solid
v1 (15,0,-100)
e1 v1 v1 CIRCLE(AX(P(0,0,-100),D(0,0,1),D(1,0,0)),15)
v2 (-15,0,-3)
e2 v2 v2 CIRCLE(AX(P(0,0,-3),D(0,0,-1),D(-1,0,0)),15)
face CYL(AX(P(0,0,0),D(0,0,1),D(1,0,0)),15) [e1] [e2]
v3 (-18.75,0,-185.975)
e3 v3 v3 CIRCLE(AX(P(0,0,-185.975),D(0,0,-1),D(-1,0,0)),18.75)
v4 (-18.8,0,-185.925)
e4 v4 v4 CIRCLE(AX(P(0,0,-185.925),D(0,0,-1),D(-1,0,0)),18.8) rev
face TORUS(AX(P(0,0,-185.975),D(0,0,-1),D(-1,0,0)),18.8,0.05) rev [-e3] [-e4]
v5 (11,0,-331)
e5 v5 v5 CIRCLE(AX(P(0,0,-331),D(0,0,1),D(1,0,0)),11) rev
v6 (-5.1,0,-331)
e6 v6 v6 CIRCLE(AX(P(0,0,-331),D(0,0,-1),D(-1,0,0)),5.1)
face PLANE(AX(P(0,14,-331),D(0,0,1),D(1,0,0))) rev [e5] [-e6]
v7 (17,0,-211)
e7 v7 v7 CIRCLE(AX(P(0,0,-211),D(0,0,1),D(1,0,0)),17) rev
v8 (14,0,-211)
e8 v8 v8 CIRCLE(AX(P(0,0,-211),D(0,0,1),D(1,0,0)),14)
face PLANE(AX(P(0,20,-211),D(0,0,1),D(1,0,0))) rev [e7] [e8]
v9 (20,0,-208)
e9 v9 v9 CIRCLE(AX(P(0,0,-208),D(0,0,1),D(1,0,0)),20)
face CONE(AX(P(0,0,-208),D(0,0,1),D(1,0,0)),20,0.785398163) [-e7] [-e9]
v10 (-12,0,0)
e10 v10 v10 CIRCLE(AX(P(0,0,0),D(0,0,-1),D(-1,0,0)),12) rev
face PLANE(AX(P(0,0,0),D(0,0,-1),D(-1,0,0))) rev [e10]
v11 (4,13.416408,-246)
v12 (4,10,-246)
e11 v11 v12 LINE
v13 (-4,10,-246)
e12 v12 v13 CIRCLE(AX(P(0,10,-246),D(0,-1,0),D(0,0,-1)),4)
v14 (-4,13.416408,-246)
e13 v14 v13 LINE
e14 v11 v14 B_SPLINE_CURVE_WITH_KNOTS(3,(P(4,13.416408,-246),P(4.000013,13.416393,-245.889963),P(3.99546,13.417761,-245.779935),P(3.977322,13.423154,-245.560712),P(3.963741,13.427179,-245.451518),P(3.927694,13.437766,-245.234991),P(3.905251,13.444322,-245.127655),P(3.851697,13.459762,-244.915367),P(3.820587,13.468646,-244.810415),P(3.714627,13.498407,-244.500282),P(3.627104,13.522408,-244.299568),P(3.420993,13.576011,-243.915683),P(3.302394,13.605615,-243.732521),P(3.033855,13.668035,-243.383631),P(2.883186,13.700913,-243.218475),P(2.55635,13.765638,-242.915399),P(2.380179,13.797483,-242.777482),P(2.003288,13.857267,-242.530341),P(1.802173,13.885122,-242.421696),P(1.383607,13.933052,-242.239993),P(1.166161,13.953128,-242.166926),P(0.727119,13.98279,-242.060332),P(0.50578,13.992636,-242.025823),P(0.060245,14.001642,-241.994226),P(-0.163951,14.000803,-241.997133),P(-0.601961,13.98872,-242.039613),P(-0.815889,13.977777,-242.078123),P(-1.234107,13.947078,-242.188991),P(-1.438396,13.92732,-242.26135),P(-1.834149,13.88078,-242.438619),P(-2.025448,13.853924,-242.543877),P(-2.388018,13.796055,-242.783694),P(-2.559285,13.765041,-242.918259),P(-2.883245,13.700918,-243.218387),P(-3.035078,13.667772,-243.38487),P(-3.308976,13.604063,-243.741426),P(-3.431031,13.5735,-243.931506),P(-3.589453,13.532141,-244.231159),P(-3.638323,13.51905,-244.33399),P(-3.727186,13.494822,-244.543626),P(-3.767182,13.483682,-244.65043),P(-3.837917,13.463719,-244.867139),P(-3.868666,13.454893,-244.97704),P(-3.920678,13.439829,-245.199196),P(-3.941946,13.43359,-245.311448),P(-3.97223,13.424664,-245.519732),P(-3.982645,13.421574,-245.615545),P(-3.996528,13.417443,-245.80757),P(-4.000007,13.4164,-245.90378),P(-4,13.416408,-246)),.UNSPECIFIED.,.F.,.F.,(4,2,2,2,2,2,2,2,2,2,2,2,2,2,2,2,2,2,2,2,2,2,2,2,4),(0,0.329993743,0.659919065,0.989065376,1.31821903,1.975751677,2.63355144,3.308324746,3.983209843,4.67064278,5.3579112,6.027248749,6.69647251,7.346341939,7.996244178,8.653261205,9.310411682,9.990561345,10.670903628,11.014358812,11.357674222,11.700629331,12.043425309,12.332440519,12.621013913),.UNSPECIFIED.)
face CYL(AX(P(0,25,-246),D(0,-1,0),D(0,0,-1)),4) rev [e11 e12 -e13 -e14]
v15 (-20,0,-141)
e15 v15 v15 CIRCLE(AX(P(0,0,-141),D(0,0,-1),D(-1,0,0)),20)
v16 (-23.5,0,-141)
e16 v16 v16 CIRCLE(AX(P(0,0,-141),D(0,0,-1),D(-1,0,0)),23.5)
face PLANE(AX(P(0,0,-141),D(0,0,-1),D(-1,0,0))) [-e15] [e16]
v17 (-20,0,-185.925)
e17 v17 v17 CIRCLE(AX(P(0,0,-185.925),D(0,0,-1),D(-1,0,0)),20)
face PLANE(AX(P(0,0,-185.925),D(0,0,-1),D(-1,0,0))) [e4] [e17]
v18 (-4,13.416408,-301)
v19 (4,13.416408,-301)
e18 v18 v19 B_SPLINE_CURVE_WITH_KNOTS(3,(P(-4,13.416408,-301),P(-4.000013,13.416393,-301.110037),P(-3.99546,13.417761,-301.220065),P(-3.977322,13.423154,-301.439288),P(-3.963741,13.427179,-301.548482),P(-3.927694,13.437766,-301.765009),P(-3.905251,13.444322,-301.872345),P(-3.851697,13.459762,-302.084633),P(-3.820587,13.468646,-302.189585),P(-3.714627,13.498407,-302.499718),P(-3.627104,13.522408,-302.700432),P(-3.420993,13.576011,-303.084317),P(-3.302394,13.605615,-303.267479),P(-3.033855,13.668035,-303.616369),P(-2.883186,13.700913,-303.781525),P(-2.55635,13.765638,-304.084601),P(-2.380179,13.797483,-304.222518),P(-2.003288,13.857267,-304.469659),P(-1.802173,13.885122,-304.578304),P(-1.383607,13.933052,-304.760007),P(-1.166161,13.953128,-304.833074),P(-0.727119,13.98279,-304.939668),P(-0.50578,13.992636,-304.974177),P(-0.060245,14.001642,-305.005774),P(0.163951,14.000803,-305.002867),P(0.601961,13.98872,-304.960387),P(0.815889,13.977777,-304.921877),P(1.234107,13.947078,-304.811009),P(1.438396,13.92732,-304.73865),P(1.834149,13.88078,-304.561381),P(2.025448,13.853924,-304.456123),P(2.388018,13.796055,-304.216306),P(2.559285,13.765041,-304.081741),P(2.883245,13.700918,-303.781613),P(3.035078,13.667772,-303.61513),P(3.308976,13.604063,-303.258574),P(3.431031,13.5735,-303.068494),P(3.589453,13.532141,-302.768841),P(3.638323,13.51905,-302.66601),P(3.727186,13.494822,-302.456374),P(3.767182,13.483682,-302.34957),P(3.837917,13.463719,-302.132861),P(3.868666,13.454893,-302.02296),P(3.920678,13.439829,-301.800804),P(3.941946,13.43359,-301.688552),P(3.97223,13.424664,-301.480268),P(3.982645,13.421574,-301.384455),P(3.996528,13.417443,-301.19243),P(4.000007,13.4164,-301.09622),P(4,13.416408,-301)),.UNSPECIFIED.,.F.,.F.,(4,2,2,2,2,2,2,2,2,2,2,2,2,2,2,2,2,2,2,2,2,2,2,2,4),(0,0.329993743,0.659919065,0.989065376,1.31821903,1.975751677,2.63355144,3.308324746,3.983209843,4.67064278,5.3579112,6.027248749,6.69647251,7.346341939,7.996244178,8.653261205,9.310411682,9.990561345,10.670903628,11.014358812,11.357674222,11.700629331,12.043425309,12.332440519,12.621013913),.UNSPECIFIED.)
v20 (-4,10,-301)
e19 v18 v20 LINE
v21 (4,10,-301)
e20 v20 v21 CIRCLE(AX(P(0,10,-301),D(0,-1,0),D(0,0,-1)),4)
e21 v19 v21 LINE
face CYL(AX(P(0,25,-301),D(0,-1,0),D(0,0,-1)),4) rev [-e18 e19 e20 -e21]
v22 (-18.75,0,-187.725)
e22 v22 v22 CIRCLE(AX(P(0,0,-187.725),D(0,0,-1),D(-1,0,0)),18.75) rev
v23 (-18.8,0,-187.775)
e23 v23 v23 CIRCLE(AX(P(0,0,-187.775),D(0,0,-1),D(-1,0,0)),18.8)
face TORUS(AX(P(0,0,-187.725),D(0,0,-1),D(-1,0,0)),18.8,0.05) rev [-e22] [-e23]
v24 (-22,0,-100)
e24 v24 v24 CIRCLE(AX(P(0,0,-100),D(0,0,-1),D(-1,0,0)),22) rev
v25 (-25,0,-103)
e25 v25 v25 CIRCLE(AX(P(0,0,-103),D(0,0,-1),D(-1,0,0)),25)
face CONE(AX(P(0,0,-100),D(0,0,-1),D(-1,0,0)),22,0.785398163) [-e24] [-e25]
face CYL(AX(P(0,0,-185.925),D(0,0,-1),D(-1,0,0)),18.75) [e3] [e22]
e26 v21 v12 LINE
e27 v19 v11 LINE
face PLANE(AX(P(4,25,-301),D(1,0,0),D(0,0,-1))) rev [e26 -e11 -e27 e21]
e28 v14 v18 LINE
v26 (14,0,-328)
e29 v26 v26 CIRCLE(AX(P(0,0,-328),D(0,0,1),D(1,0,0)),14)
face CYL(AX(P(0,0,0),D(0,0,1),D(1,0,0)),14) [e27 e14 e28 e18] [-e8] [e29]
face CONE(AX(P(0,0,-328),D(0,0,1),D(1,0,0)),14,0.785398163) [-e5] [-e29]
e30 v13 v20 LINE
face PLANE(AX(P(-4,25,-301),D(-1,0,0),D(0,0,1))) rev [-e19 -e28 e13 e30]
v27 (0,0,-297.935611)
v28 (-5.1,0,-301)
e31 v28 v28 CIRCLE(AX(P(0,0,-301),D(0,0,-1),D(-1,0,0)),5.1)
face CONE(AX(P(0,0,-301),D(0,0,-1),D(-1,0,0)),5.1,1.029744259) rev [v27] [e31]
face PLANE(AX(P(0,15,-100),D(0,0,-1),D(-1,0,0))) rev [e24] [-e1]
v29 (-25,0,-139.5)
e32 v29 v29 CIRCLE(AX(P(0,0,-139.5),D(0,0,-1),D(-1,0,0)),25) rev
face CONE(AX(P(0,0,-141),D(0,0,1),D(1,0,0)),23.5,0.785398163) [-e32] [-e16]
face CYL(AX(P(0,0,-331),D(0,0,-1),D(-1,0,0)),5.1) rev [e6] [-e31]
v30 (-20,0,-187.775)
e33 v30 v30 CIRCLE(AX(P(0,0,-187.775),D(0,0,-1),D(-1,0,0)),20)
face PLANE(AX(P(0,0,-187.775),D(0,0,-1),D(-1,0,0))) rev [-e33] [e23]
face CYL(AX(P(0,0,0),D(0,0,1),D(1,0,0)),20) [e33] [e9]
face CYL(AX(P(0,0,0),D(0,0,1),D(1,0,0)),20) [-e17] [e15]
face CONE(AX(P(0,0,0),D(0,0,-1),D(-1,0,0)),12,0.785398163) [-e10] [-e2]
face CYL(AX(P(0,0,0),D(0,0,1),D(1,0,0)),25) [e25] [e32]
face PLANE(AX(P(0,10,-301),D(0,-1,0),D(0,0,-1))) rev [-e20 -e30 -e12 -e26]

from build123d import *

# Parameters (mm, degrees)
CHAMFER_1_SIZE         = 3
HOLE_WIZARD_M121_D     = 10.2
HOLE_WIZARD_M121_DEPTH = 30
HOLE_WIZARD_M121_TIP   = 3.064389157
SKETCH_4_R             = 20
SKETCH_4_R_2           = 18.75
CUT_EXTRUDE_1_DEPTH    = 1.85
FILLET_1_R             = 0.05
CHAMFER_2_SIZE         = 1.5
CUT_EXTRUDE_2_DEPTH    = 334.782863551
SKETCH_9_R             = 25
SKETCH_9_R_2           = 20
CUT_EXTRUDE_4_DEPTH    = 6
CHAMFER_3_SIZE         = 1.5
CHAMFER_4_SIZE         = 3


with BuildPart() as part:
    # Эскиз1 → Повернуть1 (revolve)
    with BuildSketch(Plane(origin=(0, 0, 0), x_dir=(0, 0, -1), z_dir=(1, 0, 0))):
        Polygon((0, 0), (0, 15), (100, 15), (100, 25), (147, 25), (147, 20), (211, 20), (211, 14), (331, 14), (331, 0), align=None)
    revolve(axis=Axis((0, 0, 0), (0, 0, -1)))

    # Фаска1
    chamfer_1_edges = [part.edges().sort_by_distance(p)[0] for p in [
        (0, -25, -100),
        (0, -15, 0),
        (0, -14, -331),
    ]]
    chamfer(chamfer_1_edges, length=CHAMFER_1_SIZE)

    # Отверстие обработанное метчиком M121
    with Locations(Plane(origin=(0, 0, -331), x_dir=(-1, 0, 0), z_dir=(0, 0, -1))):
        with Locations((0, 0)):
            Hole(HOLE_WIZARD_M121_D / 2, depth=HOLE_WIZARD_M121_DEPTH)
            with Locations((0, 0, -(HOLE_WIZARD_M121_DEPTH + HOLE_WIZARD_M121_TIP / 2))):  # 118° drill point
                Cone(0, HOLE_WIZARD_M121_D / 2, HOLE_WIZARD_M121_TIP, mode=Mode.SUBTRACT)

    # Эскиз4 → Вырез-Вытянуть1 (cut)
    with BuildSketch(Plane(origin=(0, 0, -187.775), x_dir=(-1, 0, 0), z_dir=(0, 0, -1))):
        Circle(SKETCH_4_R)
        Circle(SKETCH_4_R_2, mode=Mode.SUBTRACT)
    extrude(amount=-CUT_EXTRUDE_1_DEPTH, mode=Mode.SUBTRACT)

    # Скругление1
    fillet_1_edges = [part.edges().sort_by_distance(p)[0] for p in [
        (18.75, 0, -185.925),
        (18.75, 0, -187.775),
    ]]
    fillet(fillet_1_edges, radius=FILLET_1_R)

    # Фаска2
    chamfer_2_edges = [part.edges().sort_by_distance(p)[0] for p in [
        (0, -25, -147),
    ]]
    chamfer(chamfer_2_edges, length=CHAMFER_2_SIZE)

    # Эскиз8 → Вырез-Вытянуть2 (cut, through all)
    with BuildSketch(Plane(origin=(0, 10, -331), x_dir=(-1, 0, 0), z_dir=(0, -1, 0))):
        with BuildLine():
            Line((4, -30), (4, -85))
            ThreePointArc((4, -85), (0, -89), (-4, -85))
            Line((-4, -85), (-4, -30))
            ThreePointArc((-4, -30), (0, -26), (4, -30))
        make_face()
    extrude(amount=-CUT_EXTRUDE_2_DEPTH, mode=Mode.SUBTRACT)

    # Эскиз9 → Вырез-Вытянуть4 (cut)
    with BuildSketch(Plane(origin=(0, 0, -147), x_dir=(-1, 0, 0), z_dir=(0, 0, -1))):
        Circle(SKETCH_9_R)
        Circle(SKETCH_9_R_2, mode=Mode.SUBTRACT)
    extrude(amount=-CUT_EXTRUDE_4_DEPTH, mode=Mode.SUBTRACT)

    # Фаска3
    chamfer_3_edges = [part.edges().sort_by_distance(p)[0] for p in [
        (0, -25, -141),
    ]]
    chamfer(chamfer_3_edges, length=CHAMFER_3_SIZE)

    # Фаска4
    chamfer_4_edges = [part.edges().sort_by_distance(p)[0] for p in [
        (0, -20, -211),
    ]]
    chamfer(chamfer_4_edges, length=CHAMFER_4_SIZE)


solid = part.part
